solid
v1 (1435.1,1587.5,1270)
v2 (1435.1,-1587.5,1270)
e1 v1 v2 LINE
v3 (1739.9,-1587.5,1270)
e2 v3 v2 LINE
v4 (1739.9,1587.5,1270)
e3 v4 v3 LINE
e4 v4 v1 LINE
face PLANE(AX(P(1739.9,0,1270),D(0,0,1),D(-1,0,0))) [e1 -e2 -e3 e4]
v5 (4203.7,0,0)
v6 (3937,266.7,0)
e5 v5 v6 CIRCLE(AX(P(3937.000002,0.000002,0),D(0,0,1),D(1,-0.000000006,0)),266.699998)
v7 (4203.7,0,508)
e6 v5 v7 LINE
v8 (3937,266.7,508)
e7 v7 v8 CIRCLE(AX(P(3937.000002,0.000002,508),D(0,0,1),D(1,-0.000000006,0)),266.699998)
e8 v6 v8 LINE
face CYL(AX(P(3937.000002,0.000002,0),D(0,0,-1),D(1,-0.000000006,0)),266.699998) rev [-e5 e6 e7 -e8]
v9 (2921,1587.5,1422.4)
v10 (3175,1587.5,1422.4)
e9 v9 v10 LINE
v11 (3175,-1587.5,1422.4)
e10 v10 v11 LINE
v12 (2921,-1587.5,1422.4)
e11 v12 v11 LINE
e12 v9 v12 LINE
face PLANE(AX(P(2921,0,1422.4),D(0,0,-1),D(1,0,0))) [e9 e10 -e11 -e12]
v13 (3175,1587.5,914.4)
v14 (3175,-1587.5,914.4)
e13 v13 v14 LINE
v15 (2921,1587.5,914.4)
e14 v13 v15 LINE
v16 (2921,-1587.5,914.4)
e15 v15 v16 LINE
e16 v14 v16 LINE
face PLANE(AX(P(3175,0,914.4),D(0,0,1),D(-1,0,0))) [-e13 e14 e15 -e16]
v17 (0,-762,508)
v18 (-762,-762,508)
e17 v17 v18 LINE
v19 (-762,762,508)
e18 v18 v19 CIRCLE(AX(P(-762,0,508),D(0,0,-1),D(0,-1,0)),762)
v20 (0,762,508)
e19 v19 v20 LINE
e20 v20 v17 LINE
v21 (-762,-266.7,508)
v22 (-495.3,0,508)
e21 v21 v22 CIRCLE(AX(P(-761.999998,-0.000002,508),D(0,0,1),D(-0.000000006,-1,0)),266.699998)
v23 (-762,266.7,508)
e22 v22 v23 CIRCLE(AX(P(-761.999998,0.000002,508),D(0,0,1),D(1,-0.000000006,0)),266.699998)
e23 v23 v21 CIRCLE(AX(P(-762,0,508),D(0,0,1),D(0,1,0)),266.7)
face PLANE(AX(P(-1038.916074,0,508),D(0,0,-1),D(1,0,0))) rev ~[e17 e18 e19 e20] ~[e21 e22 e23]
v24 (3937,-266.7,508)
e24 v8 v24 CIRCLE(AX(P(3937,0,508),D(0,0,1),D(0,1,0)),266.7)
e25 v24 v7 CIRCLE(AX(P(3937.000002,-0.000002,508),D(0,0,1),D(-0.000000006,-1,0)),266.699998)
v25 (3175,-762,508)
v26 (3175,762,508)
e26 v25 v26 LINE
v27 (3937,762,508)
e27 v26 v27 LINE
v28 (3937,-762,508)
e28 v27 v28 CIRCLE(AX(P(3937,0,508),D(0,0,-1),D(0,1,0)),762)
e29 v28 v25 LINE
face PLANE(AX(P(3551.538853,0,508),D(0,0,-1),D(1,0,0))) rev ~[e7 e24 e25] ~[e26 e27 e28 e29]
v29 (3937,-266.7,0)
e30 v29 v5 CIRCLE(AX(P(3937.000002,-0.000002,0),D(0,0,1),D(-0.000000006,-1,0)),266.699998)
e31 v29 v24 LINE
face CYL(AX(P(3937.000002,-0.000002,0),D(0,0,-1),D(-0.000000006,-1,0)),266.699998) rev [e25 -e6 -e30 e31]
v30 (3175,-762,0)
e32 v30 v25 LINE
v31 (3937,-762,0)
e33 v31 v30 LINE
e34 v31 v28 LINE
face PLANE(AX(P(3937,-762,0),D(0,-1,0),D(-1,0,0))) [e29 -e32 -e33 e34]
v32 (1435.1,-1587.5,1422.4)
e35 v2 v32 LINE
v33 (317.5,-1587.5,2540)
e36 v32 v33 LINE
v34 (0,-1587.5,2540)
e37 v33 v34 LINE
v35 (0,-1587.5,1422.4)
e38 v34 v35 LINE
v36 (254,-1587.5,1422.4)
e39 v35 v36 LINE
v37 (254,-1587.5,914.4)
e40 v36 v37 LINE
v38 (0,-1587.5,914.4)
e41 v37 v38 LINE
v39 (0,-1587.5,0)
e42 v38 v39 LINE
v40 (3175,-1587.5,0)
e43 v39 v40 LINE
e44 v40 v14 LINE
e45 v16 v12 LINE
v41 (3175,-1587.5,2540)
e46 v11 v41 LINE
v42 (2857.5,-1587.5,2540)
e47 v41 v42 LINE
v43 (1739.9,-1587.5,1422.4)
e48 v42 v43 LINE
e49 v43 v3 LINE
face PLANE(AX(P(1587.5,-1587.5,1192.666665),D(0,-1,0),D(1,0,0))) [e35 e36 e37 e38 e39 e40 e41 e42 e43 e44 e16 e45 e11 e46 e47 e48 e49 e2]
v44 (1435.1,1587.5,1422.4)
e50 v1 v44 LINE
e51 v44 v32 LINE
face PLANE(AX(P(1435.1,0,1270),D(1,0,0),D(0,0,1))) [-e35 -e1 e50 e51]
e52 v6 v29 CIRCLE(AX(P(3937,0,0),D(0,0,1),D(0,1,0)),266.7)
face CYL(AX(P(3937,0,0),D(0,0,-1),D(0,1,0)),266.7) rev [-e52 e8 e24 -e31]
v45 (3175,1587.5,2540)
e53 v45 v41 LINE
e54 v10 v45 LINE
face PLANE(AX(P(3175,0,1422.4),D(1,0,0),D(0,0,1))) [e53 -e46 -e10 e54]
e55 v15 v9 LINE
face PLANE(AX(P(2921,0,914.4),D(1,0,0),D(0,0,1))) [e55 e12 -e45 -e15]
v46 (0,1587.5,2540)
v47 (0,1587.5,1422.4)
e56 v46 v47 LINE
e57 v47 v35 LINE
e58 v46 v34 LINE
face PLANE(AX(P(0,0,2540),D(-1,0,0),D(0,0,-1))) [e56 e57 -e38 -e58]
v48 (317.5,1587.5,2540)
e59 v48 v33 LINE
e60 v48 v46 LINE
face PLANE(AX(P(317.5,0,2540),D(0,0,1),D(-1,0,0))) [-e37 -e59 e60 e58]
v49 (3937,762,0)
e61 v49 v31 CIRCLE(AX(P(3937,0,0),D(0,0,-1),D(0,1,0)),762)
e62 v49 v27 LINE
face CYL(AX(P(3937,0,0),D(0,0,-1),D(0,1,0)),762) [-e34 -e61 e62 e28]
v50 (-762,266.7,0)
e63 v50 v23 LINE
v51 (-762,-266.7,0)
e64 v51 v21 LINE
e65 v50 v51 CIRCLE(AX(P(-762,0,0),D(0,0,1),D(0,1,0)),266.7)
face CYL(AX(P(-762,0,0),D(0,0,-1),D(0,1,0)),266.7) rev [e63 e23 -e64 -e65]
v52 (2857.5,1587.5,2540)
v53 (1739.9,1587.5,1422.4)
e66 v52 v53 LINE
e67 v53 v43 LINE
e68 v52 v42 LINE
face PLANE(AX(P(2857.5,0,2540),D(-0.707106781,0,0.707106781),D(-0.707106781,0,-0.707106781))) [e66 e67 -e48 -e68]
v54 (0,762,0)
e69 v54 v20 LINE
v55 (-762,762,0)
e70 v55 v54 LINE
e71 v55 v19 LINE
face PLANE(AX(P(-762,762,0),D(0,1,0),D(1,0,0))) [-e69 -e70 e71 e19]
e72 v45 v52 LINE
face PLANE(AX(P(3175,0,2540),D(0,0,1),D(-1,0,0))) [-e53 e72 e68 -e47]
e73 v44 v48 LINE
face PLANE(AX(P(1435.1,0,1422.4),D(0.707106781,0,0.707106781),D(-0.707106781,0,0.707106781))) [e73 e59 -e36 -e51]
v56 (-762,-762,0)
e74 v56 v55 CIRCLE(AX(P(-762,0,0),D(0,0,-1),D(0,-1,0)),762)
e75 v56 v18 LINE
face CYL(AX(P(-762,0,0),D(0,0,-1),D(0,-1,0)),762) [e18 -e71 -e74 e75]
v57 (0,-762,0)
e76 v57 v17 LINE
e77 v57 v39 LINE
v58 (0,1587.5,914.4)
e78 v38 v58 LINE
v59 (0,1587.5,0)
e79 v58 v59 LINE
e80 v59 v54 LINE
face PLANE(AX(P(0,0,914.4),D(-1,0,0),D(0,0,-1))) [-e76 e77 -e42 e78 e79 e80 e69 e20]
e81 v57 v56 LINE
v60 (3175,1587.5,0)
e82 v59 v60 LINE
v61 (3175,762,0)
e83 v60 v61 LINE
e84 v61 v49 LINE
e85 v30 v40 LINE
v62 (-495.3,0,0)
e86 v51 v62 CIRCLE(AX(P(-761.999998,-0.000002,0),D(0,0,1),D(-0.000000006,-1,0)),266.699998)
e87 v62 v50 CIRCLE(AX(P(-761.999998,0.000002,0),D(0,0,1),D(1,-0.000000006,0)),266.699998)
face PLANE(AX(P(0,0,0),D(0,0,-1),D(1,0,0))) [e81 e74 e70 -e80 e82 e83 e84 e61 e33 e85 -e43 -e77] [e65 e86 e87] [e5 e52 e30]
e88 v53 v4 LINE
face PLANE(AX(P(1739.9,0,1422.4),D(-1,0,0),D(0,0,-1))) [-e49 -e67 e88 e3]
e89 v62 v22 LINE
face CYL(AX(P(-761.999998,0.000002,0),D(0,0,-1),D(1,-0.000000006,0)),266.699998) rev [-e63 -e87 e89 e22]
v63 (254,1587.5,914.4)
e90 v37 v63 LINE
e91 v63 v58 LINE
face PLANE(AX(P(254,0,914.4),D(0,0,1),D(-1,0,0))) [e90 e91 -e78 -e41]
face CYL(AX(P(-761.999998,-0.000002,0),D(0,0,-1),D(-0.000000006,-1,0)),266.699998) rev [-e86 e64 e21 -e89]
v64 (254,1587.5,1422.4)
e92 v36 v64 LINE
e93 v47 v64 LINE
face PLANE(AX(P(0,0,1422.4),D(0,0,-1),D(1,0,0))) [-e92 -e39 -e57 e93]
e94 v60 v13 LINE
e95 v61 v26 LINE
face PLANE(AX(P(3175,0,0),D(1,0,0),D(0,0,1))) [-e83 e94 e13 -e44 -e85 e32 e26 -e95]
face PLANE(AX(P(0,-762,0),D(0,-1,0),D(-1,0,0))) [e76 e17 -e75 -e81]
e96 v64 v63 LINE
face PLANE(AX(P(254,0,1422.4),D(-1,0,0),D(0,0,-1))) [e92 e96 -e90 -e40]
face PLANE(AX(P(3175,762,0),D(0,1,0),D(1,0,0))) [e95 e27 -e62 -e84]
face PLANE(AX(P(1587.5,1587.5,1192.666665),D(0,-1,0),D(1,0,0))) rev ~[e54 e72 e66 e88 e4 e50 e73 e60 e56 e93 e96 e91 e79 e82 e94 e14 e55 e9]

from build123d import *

# Parameters (mm, degrees)
F1_DEPTH = 1587.5
F3_DEPTH = 508


with BuildPart() as f1:
    # F0 (on Front) → F1 (new body, symmetric)
    with BuildSketch(Plane.XZ):
        Polygon((0, 914.4), (0, 0), (3175, 0), (3175, 914.4), (2921, 914.4), (2921, 1422.4), (3175, 1422.4), (3175, 2540), (2857.5, 2540), (1739.9, 1422.4), (1739.9, 1270), (1587.5, 1270), (1435.1, 1270), (1435.1, 1422.4), (317.5, 2540), (0, 2540), (0, 1422.4), (254, 1422.4), (254, 914.4), align=None)
    extrude(amount=F1_DEPTH, both=True)

    # F2 (on face) → F3 (join)
    with BuildSketch(Plane(origin=(0, 0, 0), x_dir=(1, 0, 0), z_dir=(0, 0, -1))):
        with BuildLine():
            Line((-762, 266.7), (-762, 762))
            ThreePointArc((-762, 762), (-1524, 0), (-762, -762))
            Line((-762, -762), (-762, -266.7))
            ThreePointArc((-762, -266.7), (-1028.7, 0), (-762, 266.7))
        make_face()
        with BuildLine():
            Line((0, -762), (0, 0))
            Line((0, 0), (0, 762))
            Line((0, 762), (-762, 762))
            Line((-762, 762), (-762, 266.7))
            ThreePointArc((-762, 266.7), (-573.414621, 188.585379), (-495.3, 0))
            ThreePointArc((-495.3, 0), (-573.414621, -188.585379), (-762, -266.7))
            Line((-762, -266.7), (-762, -762))
            Line((-762, -762), (0, -762))
        make_face()
        with BuildLine():
            Line((3937, 762), (3175, 762))
            Line((3175, 762), (3175, -762))
            Line((3175, -762), (3937, -762))
            Line((3937, -762), (3937, -266.7))
            ThreePointArc((3937, -266.7), (3670.3, 0), (3937, 266.7))
            Line((3937, 266.7), (3937, 762))
        make_face()
        with BuildLine():
            ThreePointArc((3937, -762), (4699, 0), (3937, 762))
            Line((3937, 762), (3937, 266.7))
            ThreePointArc((3937, 266.7), (4125.585379, 188.585379), (4203.7, 0))
            ThreePointArc((4203.7, 0), (4125.585379, -188.585379), (3937, -266.7))
            Line((3937, -266.7), (3937, -762))
        make_face()
    extrude(amount=-F3_DEPTH)


solid = f1.part
